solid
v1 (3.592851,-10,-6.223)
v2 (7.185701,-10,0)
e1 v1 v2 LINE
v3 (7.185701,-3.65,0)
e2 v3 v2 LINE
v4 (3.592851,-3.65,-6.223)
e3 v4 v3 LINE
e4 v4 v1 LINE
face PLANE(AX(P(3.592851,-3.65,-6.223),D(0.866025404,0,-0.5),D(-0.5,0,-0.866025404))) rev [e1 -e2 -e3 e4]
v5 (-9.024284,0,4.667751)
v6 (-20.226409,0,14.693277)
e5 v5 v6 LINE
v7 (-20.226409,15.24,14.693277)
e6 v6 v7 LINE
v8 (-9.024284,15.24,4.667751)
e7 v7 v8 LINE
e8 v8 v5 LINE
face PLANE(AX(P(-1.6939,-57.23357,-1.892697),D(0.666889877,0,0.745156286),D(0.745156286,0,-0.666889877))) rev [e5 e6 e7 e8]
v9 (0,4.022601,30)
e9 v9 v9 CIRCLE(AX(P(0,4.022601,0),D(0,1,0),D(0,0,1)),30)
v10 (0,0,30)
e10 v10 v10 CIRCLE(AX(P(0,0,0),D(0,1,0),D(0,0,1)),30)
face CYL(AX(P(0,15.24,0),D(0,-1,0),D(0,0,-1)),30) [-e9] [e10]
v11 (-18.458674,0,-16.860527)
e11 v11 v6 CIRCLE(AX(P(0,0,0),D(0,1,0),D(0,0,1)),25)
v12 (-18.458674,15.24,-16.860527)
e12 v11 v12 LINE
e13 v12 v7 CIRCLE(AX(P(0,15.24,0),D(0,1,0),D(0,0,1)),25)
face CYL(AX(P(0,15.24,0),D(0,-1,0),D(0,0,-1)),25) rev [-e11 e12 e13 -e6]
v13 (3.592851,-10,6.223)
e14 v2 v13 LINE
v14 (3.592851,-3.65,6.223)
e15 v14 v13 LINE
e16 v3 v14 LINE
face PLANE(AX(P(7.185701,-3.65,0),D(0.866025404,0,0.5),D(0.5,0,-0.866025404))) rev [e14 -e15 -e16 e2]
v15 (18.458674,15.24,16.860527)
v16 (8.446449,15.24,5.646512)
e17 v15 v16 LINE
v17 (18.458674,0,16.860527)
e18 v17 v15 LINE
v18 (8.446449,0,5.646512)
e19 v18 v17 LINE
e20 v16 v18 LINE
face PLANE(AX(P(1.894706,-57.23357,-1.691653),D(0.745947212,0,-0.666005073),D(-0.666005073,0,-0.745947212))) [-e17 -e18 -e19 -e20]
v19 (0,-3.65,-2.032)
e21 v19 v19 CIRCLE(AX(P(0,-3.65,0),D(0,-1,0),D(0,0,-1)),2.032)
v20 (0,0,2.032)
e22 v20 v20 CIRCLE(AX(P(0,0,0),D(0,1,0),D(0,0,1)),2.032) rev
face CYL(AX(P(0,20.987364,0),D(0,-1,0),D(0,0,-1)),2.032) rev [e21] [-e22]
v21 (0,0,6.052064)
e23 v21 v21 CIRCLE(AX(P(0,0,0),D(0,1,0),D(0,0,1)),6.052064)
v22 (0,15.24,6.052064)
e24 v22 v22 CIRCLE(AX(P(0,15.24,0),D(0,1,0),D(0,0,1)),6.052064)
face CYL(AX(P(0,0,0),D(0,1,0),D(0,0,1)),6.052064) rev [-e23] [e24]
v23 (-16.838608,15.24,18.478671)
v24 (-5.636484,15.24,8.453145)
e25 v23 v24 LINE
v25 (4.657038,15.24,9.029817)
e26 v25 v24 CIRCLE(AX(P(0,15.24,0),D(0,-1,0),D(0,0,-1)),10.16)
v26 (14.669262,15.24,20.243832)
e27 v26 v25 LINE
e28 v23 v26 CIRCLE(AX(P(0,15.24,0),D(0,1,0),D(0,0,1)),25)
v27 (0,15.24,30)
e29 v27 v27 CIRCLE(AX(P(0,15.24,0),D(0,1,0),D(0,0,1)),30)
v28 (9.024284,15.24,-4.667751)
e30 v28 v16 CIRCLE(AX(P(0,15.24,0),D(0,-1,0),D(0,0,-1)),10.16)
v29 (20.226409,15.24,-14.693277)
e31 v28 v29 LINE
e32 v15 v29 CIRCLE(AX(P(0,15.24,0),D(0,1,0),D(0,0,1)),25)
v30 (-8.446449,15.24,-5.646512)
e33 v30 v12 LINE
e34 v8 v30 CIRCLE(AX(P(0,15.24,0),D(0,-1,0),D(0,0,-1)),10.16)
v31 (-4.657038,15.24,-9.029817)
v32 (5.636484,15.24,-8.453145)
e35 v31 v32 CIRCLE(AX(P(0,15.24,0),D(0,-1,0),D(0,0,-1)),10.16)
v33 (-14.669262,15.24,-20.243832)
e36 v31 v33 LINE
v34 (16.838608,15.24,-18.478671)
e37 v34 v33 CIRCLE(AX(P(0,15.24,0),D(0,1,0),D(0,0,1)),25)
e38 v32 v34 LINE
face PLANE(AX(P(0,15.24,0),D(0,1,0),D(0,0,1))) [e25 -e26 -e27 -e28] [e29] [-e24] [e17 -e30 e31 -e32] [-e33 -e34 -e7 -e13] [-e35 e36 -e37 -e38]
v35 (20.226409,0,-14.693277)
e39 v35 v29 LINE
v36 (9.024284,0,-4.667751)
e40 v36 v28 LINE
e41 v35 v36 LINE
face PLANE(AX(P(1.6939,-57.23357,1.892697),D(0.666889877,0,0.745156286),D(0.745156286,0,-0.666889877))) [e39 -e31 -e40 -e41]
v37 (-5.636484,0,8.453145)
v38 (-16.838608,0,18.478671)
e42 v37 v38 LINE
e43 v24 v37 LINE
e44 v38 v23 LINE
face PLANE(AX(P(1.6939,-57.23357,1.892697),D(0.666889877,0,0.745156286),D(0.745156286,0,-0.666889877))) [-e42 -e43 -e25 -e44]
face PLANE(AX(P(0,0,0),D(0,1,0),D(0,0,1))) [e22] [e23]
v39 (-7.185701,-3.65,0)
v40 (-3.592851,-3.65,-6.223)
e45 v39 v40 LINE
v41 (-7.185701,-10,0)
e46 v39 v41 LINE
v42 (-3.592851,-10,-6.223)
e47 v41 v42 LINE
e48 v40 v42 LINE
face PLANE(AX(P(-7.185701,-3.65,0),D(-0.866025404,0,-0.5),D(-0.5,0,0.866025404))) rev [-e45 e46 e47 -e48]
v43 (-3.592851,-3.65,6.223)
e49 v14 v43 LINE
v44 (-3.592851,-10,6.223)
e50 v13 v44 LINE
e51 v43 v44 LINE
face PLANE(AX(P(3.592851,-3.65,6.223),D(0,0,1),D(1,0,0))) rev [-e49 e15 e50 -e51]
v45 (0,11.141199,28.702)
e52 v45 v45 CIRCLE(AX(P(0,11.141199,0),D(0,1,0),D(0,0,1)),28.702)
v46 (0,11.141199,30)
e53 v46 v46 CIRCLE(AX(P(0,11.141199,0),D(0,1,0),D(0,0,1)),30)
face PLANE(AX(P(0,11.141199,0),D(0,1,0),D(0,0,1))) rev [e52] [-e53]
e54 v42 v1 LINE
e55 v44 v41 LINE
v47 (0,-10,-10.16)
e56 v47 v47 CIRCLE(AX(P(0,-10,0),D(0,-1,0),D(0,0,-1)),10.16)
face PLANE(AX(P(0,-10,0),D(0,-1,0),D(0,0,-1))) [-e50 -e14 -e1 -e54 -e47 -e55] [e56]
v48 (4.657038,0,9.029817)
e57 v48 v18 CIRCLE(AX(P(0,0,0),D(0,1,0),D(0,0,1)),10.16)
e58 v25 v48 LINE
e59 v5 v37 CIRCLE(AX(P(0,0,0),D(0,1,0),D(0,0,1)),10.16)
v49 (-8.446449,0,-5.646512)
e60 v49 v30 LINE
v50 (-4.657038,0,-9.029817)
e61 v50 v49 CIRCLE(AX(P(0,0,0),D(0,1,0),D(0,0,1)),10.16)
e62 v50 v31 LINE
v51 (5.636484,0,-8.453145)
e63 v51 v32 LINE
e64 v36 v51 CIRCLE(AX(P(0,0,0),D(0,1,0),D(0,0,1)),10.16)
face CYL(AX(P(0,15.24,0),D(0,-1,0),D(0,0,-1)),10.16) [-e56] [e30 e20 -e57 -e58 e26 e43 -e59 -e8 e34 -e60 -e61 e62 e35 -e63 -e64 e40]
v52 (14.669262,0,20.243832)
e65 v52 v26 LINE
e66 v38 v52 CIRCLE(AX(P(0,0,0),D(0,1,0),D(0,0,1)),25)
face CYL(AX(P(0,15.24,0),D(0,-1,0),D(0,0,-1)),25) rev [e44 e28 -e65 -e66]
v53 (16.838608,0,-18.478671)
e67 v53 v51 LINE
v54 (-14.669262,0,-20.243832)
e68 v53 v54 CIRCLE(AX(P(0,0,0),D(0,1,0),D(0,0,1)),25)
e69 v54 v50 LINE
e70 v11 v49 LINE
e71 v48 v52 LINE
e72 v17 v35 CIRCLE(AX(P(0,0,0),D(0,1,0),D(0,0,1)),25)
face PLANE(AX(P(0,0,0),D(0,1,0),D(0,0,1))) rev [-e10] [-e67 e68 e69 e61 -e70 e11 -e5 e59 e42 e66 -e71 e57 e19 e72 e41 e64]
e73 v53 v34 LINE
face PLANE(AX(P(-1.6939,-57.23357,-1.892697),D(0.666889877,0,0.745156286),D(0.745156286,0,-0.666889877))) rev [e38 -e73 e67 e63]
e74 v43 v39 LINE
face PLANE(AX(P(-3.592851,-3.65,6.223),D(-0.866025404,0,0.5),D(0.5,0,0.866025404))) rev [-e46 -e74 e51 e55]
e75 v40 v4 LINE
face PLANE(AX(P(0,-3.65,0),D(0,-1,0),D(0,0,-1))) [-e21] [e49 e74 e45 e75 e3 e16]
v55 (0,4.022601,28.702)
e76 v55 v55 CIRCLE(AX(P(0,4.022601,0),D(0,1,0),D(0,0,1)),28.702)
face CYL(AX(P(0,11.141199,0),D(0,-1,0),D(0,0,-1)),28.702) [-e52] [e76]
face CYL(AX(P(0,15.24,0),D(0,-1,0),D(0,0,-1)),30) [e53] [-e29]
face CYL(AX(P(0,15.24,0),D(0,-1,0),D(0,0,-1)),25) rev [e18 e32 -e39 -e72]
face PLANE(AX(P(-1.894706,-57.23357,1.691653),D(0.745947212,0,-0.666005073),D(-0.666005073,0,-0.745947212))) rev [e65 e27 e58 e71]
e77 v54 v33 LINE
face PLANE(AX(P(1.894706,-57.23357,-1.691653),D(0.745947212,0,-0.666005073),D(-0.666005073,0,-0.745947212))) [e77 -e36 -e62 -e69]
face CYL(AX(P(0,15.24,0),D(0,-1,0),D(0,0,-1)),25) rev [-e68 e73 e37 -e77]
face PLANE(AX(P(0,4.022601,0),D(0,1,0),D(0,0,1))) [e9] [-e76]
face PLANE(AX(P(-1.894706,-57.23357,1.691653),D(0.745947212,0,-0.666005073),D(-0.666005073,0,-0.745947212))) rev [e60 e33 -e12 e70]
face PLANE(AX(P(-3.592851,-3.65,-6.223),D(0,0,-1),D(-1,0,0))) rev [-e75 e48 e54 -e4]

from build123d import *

# Parameters (mm, degrees)
SKETCH1_R                = 30
SKETCH1_R_2              = 25
BOSS_EXTRUDE1_DEPTH      = 15.24
BOSS_EXTRUDE2_DEPTH      = 15.24
SKETCH3_R                = 10.16
BOSS_EXTRUDE3_DEPTH      = 10
BOSS_EXTRUDE3_DEPTH_BACK = 15.24
SKETCH14_R               = 38.1
SKETCH14_R_2             = 28.702
CUT_EXTRUDE1_DEPTH       = 0.89229946
CUT_EXTRUDE1_DEPTH_BACK  = 6.22629946
CUT_EXTRUDE2_DEPTH       = 6.35
SKETCH19_R               = 2.032
CUT_EXTRUDE3_DEPTH       = 18.89
SKETCH20_R               = 6.052064437
CUT_EXTRUDE4_DEPTH       = 15.24


with BuildPart() as part:
    # Sketch1 → Boss-Extrude1 (new body)
    with BuildSketch(Plane(origin=(0, 0, 0), x_dir=(1, 0, 0), z_dir=(0, 1, 0))):
        Circle(SKETCH1_R)
        Circle(SKETCH1_R_2, mode=Mode.SUBTRACT)
    extrude(amount=BOSS_EXTRUDE1_DEPTH)

    # Sketch2 → Boss-Extrude2 (add)
    with BuildSketch(Plane(origin=(0, 15.24, 0), x_dir=(1, 0, 0), z_dir=(0, 1, 0))):
        Polygon((3.584352377, -0.200805771), (0.201044225, 3.588608735), (-3.584352377, 0.200805771), (-0.201044225, -3.588608735), align=None)
        with BuildLine():
            ThreePointArc((20.22640903, 14.693276617), (18.628907162, 16.672246937), (16.838608452, 18.478670552))
            Line((16.838608452, 18.478670552), (0.201044225, 3.588608735))
            Line((0.201044225, 3.588608735), (3.584352377, -0.200805771))
            Line((3.584352377, -0.200805771), (20.22640903, 14.693276617))
        make_face()
        with BuildLine():
            Line((-3.584352377, 0.200805771), (0.201044225, 3.588608735))
            Line((0.201044225, 3.588608735), (-14.669262011, 20.243832445))
            ThreePointArc((-14.669262011, 20.243832445), (-16.650126818, 18.648680301), (-18.458673848, 16.860526676))
            Line((-18.458673848, 16.860526676), (-3.584352377, 0.200805771))
        make_face()
        with BuildLine():
            Line((-0.201044225, -3.588608735), (-3.584352377, 0.200805771))
            Line((-3.584352377, 0.200805771), (-20.22640903, -14.693276617))
            ThreePointArc((-20.22640903, -14.693276617), (-18.628907162, -16.672246937), (-16.838608452, -18.478670552))
            Line((-16.838608452, -18.478670552), (-0.201044225, -3.588608735))
        make_face()
        with BuildLine():
            Line((18.458673848, -16.860526676), (3.584352377, -0.200805771))
            Line((3.584352377, -0.200805771), (-0.201044225, -3.588608735))
            Line((-0.201044225, -3.588608735), (14.669262011, -20.243832445))
            ThreePointArc((14.669262011, -20.243832445), (16.650126818, -18.648680301), (18.458673848, -16.860526676))
        make_face()
    extrude(amount=-BOSS_EXTRUDE2_DEPTH)

    # Sketch3 → Boss-Extrude3 (add, two sides)
    with BuildSketch(Plane(origin=(0, 0, 0), x_dir=(-1, 0, 0), z_dir=(0, -1, 0))) as boss_extrude3_sk:
        Circle(SKETCH3_R)
    extrude(amount=BOSS_EXTRUDE3_DEPTH)
    extrude(boss_extrude3_sk.sketch, amount=-BOSS_EXTRUDE3_DEPTH_BACK)

    # Sketch14 → Cut-Extrude1 (cut, two sides)
    with BuildSketch(Plane(origin=(0, 10.2489, 0), x_dir=(1, 0, 0), z_dir=(0, 1, 0))) as cut_extrude1_sk:
        Circle(SKETCH14_R)
        Circle(SKETCH14_R_2, mode=Mode.SUBTRACT)
    extrude(amount=CUT_EXTRUDE1_DEPTH, mode=Mode.SUBTRACT)
    extrude(cut_extrude1_sk.sketch, amount=-CUT_EXTRUDE1_DEPTH_BACK, mode=Mode.SUBTRACT)

    # Sketch18 → Cut-Extrude2 (cut)
    with BuildSketch(Plane.XZ.offset(10)):
        Polygon((7.18570145, 0), (3.592850725, 6.223), (-3.592850725, 6.223), (-7.18570145, 0), (-3.592850725, -6.223), (3.592850725, -6.223), align=None)
    extrude(amount=-CUT_EXTRUDE2_DEPTH, mode=Mode.SUBTRACT)

    # Sketch19 → Cut-Extrude3 (cut)
    with BuildSketch(Plane.XZ.offset(3.65)):
        Circle(SKETCH19_R)
    extrude(amount=-CUT_EXTRUDE3_DEPTH, mode=Mode.SUBTRACT)

    # Sketch20 → Cut-Extrude4 (cut)
    with BuildSketch(Plane(origin=(0, 15.24, 0), x_dir=(1, 0, 0), z_dir=(0, 1, 0))):
        Circle(SKETCH20_R)
    extrude(amount=-CUT_EXTRUDE4_DEPTH, mode=Mode.SUBTRACT)


solid = part.part
